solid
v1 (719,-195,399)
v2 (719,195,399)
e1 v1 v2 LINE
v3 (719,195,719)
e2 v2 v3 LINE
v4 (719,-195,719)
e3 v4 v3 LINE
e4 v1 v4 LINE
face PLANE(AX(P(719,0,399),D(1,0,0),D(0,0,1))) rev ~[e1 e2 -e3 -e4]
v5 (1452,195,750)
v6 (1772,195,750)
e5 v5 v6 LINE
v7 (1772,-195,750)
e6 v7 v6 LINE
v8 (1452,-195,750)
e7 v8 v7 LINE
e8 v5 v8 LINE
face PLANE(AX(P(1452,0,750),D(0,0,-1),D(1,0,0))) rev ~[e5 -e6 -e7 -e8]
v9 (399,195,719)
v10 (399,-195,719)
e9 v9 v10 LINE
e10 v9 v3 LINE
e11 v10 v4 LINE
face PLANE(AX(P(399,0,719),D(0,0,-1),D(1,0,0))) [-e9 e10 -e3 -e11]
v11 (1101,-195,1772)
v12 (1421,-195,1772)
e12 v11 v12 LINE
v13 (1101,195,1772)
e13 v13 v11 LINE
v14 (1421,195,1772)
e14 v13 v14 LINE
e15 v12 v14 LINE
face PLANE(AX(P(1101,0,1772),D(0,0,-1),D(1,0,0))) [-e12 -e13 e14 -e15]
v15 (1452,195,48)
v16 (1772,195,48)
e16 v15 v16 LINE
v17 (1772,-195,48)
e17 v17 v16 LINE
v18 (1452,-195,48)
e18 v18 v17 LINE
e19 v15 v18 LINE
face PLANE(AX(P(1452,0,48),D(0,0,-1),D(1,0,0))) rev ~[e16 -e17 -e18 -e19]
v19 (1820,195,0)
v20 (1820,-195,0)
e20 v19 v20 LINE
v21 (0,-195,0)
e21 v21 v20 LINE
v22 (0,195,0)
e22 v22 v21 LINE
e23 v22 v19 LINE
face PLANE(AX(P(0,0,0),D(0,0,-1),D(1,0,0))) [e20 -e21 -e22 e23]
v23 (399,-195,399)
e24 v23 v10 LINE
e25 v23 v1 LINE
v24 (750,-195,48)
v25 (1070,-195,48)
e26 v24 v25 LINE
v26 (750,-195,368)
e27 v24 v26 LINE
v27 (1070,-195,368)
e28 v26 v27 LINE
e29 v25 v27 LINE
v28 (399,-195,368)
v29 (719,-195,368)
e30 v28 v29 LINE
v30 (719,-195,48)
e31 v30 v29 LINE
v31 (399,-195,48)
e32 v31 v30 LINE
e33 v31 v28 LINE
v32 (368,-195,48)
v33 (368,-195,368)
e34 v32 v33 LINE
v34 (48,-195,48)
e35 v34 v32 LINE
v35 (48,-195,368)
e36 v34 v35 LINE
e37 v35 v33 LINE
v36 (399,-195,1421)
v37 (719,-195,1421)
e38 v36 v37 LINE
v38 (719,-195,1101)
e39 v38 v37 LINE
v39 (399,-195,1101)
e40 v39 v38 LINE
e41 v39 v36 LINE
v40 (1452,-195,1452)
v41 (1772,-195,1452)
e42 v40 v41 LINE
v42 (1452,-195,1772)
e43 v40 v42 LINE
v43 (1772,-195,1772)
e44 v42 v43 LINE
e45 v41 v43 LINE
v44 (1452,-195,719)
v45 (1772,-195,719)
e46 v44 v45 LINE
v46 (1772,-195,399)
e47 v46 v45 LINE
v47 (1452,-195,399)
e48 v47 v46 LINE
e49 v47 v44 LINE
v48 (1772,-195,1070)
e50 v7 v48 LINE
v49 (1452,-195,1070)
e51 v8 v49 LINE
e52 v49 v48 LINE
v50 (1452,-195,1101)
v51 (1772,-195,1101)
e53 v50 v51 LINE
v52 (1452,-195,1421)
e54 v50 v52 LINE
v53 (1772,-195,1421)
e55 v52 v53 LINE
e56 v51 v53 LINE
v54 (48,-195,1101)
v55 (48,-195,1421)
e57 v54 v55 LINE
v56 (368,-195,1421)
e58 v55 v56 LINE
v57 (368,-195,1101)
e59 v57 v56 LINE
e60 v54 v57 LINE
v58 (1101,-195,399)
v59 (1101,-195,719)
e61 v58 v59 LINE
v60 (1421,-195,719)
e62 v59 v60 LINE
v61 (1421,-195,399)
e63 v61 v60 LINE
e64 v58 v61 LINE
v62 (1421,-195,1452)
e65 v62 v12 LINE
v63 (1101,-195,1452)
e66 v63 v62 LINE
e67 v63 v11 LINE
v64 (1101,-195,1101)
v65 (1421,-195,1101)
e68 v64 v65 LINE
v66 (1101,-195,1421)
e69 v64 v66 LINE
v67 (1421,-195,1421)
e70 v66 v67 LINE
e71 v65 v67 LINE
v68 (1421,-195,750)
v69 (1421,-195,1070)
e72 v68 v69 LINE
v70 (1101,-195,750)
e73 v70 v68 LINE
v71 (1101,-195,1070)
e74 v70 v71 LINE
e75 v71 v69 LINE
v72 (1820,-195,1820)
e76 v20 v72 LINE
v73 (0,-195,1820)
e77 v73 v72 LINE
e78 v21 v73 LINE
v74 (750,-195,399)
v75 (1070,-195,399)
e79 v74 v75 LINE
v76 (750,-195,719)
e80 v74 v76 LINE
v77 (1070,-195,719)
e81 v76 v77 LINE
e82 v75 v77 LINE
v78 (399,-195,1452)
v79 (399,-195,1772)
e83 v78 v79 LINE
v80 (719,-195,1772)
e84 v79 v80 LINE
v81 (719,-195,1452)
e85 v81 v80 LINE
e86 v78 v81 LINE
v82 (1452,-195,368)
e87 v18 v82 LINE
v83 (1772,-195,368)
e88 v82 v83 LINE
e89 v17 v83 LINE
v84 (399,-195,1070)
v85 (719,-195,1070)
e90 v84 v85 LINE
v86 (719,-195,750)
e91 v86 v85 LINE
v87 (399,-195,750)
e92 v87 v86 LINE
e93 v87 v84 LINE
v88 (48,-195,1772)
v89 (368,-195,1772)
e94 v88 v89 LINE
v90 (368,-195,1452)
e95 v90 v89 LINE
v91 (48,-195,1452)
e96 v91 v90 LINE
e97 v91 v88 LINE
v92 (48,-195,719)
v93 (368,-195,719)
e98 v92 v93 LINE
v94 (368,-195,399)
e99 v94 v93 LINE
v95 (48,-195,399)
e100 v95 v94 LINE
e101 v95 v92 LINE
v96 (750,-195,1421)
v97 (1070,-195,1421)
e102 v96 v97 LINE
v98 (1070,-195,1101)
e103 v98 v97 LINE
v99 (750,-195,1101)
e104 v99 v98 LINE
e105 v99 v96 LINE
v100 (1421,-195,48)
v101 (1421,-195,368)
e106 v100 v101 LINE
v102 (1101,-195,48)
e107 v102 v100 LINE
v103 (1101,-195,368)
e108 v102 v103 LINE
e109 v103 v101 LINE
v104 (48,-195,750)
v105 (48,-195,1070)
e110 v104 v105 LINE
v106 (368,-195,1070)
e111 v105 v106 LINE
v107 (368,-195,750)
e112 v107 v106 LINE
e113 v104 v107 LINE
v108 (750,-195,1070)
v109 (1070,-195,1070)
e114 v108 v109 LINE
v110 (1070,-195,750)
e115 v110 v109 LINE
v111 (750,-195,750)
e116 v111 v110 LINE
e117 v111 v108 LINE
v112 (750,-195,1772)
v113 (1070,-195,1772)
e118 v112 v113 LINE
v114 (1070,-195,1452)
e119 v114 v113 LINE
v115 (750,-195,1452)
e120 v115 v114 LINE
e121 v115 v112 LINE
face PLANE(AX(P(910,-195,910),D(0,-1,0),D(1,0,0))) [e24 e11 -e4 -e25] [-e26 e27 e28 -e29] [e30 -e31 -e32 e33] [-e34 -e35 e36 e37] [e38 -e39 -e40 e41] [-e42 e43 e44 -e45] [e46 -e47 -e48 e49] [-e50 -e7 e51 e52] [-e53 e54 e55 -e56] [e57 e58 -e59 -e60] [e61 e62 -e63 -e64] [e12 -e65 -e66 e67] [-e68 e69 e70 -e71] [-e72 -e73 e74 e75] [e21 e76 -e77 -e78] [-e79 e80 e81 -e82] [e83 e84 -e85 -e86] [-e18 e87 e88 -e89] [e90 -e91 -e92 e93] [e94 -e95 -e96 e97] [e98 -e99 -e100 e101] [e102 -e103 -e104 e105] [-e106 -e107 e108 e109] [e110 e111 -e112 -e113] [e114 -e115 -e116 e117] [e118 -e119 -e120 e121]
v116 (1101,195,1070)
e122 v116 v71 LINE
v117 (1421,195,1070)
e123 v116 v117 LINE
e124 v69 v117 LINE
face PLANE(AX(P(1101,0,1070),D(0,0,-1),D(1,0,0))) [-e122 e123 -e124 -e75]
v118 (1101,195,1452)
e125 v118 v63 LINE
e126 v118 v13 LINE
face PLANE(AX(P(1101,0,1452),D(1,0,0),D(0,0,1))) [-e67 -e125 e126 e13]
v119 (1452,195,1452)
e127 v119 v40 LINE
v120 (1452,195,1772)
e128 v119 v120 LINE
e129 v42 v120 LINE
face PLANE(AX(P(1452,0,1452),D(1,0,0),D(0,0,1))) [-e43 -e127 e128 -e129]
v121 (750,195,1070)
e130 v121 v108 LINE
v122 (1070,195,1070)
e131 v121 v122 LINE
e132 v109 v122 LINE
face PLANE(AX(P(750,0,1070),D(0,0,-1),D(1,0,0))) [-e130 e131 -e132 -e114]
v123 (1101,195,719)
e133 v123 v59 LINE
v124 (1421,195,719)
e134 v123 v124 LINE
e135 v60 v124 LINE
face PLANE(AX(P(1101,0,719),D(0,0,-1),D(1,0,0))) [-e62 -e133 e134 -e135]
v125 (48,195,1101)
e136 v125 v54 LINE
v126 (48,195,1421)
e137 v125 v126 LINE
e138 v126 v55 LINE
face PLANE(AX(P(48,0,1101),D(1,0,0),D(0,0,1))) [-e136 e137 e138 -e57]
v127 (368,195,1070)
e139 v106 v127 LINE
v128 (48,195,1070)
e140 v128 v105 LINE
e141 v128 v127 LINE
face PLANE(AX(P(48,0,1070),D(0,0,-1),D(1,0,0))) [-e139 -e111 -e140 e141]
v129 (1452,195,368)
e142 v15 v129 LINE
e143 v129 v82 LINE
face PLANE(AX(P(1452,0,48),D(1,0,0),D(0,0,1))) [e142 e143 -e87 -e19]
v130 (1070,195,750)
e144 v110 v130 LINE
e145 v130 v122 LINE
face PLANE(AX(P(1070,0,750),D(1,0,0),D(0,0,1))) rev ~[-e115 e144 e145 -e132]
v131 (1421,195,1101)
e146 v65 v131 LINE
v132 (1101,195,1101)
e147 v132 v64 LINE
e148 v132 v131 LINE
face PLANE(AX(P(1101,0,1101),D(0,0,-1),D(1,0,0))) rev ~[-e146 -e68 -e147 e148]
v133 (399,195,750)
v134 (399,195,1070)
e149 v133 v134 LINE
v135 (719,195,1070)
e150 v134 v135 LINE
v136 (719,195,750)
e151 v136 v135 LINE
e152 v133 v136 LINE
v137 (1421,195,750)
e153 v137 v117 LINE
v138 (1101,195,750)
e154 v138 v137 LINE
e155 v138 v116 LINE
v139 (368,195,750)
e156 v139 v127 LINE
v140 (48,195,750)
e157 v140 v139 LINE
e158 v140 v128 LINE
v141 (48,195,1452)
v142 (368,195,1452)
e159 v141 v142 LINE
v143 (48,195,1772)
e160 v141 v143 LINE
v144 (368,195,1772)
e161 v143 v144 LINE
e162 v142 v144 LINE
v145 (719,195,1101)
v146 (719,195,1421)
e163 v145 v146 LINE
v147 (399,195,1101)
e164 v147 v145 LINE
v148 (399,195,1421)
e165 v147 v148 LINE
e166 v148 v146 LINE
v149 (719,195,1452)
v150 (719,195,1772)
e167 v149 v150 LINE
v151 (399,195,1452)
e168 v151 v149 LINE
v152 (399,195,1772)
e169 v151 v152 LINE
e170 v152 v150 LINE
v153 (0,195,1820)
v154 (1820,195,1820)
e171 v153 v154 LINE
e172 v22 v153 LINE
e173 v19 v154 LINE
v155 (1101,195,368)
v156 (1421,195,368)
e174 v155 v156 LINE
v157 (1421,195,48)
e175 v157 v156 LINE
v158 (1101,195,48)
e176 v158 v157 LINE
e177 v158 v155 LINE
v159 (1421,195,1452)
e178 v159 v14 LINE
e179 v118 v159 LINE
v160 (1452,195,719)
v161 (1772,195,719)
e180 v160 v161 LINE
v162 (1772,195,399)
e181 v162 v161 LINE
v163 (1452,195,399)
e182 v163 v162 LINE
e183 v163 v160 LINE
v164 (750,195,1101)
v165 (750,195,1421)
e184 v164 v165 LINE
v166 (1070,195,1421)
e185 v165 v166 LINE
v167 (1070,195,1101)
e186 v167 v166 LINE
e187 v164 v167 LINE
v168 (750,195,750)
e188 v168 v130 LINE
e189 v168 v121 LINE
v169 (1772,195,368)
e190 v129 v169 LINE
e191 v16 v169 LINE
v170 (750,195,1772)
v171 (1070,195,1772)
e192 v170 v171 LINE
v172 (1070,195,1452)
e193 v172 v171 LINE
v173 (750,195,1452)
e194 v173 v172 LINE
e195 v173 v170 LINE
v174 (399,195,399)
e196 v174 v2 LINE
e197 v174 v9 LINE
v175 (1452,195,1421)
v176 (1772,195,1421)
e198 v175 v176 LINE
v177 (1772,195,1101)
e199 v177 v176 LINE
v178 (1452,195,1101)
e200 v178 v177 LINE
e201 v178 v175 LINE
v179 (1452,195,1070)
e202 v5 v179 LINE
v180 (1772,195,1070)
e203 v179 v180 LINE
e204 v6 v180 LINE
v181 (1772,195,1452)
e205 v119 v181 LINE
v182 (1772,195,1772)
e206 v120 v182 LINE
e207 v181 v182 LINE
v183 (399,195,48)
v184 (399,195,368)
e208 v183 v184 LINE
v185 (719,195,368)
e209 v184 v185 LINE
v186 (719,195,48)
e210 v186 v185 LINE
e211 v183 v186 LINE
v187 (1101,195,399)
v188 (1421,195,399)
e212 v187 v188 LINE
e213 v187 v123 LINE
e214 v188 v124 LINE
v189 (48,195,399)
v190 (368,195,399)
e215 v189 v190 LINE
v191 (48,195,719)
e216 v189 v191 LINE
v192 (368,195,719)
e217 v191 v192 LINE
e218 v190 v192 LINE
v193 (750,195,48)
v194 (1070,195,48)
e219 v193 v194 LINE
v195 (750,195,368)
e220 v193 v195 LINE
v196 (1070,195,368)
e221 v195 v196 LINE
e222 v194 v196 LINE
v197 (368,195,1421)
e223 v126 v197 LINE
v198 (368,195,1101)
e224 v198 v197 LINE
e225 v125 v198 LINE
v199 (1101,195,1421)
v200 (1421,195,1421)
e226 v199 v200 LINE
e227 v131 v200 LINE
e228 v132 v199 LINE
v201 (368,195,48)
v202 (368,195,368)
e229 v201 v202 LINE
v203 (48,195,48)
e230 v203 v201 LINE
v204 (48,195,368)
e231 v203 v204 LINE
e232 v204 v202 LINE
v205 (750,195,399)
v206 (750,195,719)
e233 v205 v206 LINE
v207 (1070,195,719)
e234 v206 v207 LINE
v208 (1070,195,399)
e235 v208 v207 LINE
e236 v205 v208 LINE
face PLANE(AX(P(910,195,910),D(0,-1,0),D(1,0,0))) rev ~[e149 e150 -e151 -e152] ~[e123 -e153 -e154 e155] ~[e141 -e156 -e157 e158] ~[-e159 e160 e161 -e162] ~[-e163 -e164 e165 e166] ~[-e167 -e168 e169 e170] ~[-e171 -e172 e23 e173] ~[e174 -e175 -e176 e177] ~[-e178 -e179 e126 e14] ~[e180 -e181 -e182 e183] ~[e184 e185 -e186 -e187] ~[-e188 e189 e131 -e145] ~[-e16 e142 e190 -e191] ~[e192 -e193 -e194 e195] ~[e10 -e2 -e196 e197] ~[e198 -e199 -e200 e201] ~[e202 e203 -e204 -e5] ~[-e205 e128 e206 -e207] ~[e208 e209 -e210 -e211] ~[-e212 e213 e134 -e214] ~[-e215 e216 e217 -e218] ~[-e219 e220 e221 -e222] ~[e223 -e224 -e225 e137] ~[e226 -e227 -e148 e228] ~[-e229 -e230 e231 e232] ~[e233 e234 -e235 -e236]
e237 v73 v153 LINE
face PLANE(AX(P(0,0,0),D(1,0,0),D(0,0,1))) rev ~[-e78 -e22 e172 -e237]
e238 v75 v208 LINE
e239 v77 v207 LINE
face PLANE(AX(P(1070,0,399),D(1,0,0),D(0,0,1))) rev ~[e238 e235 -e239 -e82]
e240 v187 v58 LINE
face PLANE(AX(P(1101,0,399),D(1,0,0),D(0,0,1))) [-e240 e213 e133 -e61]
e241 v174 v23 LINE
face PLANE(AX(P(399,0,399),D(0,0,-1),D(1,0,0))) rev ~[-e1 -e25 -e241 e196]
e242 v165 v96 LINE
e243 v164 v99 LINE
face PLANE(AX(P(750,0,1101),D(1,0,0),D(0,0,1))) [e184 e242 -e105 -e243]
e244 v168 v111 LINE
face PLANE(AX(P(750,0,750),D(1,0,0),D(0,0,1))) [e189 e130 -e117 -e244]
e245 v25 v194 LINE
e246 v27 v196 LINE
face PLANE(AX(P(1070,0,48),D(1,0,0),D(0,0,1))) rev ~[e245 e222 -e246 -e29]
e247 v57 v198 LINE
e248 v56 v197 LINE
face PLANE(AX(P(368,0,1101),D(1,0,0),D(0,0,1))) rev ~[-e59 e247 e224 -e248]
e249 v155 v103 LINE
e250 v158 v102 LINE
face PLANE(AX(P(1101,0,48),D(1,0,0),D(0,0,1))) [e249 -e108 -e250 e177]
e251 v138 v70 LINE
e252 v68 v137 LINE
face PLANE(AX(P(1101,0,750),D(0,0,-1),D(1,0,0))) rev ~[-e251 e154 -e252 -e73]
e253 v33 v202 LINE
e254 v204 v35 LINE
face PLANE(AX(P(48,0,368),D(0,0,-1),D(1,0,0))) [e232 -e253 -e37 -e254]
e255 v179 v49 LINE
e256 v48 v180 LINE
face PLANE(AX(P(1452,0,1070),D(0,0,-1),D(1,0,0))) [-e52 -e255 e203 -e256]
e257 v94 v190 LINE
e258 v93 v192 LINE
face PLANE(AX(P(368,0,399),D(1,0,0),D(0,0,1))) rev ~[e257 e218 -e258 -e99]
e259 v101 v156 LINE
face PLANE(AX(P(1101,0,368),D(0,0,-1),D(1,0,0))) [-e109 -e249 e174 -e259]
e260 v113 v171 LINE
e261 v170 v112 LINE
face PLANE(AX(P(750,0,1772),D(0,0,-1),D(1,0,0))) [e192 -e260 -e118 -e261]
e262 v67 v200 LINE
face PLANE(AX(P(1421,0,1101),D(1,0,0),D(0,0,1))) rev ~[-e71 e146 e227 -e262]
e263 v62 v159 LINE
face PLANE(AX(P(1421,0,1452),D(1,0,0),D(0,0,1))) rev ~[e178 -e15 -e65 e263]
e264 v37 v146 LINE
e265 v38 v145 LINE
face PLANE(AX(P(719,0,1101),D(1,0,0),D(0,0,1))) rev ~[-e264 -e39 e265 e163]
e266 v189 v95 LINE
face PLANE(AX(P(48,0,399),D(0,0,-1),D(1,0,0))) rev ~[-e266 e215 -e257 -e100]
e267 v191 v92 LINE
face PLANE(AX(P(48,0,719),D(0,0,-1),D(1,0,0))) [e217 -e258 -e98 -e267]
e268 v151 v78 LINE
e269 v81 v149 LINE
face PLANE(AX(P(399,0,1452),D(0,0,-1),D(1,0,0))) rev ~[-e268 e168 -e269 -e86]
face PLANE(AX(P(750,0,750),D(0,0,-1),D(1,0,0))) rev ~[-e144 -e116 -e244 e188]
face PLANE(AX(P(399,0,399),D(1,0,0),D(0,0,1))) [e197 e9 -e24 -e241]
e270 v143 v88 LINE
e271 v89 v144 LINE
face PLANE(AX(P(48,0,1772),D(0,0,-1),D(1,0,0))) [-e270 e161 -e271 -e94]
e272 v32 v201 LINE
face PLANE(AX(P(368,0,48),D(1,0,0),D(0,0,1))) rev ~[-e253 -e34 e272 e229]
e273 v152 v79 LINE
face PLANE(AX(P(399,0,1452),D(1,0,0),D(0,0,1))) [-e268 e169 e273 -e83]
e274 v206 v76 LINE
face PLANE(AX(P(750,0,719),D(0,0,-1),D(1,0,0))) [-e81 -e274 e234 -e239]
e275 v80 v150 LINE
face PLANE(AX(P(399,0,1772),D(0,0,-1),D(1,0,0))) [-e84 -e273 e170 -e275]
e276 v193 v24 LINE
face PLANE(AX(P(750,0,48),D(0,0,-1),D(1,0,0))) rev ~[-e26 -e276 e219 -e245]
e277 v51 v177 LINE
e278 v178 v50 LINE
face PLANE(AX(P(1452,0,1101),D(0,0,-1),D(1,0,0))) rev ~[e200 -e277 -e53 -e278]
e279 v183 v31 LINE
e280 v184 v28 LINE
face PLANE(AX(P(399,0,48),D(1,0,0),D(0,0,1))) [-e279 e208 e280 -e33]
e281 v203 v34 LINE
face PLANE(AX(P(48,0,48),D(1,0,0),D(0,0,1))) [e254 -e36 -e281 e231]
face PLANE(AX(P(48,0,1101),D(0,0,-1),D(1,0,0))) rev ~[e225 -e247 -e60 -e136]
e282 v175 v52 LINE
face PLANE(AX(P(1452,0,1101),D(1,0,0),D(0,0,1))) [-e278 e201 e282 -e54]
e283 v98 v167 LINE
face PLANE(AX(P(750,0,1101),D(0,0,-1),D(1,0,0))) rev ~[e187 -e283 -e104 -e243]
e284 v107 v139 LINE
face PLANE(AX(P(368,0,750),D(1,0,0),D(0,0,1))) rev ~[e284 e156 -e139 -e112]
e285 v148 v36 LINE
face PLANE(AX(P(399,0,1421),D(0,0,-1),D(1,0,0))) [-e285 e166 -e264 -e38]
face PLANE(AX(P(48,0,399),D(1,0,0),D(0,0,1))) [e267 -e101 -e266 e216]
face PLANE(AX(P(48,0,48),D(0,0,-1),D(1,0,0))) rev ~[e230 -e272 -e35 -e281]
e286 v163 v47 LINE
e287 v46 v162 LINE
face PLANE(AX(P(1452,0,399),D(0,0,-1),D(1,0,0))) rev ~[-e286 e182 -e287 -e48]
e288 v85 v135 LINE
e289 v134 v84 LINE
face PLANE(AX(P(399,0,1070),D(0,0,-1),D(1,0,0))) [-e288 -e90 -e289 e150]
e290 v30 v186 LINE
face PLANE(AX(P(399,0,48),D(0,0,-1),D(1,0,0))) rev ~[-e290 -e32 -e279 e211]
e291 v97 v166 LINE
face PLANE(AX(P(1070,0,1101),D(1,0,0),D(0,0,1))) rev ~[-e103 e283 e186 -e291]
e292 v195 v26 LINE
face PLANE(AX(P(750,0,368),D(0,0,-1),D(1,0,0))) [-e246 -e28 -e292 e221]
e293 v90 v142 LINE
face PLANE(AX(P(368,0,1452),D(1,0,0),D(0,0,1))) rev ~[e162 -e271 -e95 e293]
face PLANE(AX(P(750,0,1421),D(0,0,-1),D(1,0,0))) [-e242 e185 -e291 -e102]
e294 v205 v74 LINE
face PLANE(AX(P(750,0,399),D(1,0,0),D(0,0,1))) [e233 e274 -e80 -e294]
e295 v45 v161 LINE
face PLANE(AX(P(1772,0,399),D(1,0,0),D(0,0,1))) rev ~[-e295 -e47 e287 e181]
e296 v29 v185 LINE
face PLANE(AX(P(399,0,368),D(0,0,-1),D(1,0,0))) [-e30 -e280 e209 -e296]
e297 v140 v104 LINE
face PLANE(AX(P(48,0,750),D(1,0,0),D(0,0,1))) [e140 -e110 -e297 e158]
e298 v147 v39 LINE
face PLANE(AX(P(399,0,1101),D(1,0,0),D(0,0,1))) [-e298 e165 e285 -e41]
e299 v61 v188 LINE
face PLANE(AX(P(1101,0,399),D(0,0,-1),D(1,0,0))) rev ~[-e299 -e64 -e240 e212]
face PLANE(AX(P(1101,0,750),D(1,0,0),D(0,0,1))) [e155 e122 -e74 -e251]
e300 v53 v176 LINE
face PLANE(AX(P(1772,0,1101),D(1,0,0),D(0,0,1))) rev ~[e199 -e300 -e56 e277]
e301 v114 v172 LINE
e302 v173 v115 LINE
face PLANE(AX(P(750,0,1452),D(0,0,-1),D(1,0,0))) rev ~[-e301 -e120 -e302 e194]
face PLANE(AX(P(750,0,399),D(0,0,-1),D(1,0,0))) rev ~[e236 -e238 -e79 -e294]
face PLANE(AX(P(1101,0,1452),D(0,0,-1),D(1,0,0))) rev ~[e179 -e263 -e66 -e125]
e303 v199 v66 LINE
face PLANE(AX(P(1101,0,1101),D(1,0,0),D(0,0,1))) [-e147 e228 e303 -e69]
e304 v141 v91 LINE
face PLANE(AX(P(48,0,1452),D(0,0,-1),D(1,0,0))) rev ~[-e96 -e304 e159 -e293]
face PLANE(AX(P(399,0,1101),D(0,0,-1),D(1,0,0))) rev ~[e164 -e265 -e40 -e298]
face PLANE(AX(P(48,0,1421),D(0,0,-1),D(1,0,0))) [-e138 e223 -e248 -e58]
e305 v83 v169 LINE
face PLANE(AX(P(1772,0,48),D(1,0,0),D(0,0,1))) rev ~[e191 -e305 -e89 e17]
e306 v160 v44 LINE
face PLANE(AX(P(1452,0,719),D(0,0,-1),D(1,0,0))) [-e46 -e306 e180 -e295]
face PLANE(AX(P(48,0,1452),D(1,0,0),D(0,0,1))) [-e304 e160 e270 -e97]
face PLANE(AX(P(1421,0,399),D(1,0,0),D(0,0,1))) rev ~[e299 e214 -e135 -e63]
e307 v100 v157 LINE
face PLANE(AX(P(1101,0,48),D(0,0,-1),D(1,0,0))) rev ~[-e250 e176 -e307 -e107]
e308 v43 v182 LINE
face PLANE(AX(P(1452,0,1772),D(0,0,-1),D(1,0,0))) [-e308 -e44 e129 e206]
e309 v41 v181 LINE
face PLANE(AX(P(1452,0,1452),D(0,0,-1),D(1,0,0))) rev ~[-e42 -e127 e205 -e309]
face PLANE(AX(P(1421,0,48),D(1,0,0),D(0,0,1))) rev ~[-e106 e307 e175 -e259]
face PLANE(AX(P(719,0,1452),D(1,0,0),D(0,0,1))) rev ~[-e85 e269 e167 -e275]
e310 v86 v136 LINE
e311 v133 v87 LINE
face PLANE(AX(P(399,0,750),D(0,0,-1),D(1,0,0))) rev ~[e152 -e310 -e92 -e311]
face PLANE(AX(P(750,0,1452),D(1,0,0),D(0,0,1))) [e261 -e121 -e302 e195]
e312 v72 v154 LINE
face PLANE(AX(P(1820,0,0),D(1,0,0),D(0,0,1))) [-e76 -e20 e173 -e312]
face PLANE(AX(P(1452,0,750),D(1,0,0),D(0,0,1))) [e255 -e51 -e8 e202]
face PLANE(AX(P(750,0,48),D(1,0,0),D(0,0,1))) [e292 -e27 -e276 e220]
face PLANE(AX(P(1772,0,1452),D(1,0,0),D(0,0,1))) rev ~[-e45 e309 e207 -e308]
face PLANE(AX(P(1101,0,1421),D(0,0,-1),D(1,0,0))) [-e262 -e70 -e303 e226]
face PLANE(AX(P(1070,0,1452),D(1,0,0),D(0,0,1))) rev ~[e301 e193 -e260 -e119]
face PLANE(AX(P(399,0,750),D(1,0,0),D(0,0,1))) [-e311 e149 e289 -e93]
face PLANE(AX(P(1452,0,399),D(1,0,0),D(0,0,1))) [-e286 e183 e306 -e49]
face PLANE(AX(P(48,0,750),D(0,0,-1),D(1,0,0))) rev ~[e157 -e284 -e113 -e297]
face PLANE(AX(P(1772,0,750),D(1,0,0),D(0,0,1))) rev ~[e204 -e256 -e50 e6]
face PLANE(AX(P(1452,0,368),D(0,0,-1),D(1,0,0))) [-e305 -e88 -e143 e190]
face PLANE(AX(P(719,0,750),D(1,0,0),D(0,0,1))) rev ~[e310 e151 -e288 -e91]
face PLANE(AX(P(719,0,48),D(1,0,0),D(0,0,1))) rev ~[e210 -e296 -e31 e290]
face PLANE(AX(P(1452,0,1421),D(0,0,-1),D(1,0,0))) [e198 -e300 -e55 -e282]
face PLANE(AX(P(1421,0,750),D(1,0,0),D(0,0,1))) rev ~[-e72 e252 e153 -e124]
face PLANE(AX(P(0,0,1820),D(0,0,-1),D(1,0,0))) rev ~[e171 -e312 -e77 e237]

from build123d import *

# Parameters (mm, degrees)
F0_W     = 1820
F0_H     = 1820
F0_W_2   = 320
F0_H_2   = 320
F1_DEPTH = 195


with BuildPart() as f1:
    # F0 (on Front) → F1 (new body, symmetric)
    with BuildSketch(Plane.XZ):
        with Locations((910, 910)):
            Rectangle(F0_W, F0_H)
        with Locations((208, 208)):
            Rectangle(F0_W_2, F0_H_2, mode=Mode.SUBTRACT)
        with Locations((559, 208)):
            Rectangle(F0_W_2, F0_H_2, mode=Mode.SUBTRACT)
        with Locations((208, 559)):
            Rectangle(F0_W_2, F0_H_2, mode=Mode.SUBTRACT)
        with Locations((559, 559)):
            Rectangle(F0_W_2, F0_H_2, mode=Mode.SUBTRACT)
        with Locations((910, 208)):
            Rectangle(F0_W_2, F0_H_2, mode=Mode.SUBTRACT)
        with Locations((1261, 208)):
            Rectangle(F0_W_2, F0_H_2, mode=Mode.SUBTRACT)
        with Locations((1612, 208)):
            Rectangle(F0_W_2, F0_H_2, mode=Mode.SUBTRACT)
        with Locations((910, 559)):
            Rectangle(F0_W_2, F0_H_2, mode=Mode.SUBTRACT)
        with Locations((1261, 559)):
            Rectangle(F0_W_2, F0_H_2, mode=Mode.SUBTRACT)
        with Locations((1612, 559)):
            Rectangle(F0_W_2, F0_H_2, mode=Mode.SUBTRACT)
        with Locations((208, 910)):
            Rectangle(F0_W_2, F0_H_2, mode=Mode.SUBTRACT)
        with Locations((208, 1261)):
            Rectangle(F0_W_2, F0_H_2, mode=Mode.SUBTRACT)
        with Locations((559, 910)):
            Rectangle(F0_W_2, F0_H_2, mode=Mode.SUBTRACT)
        with Locations((559, 1261)):
            Rectangle(F0_W_2, F0_H_2, mode=Mode.SUBTRACT)
        with Locations((208, 1612)):
            Rectangle(F0_W_2, F0_H_2, mode=Mode.SUBTRACT)
        with Locations((559, 1612)):
            Rectangle(F0_W_2, F0_H_2, mode=Mode.SUBTRACT)
        with Locations((910, 910)):
            Rectangle(F0_W_2, F0_H_2, mode=Mode.SUBTRACT)
        with Locations((1261, 910)):
            Rectangle(F0_W_2, F0_H_2, mode=Mode.SUBTRACT)
        with Locations((910, 1261)):
            Rectangle(F0_W_2, F0_H_2, mode=Mode.SUBTRACT)
        with Locations((1261, 1261)):
            Rectangle(F0_W_2, F0_H_2, mode=Mode.SUBTRACT)
        with Locations((1612, 910)):
            Rectangle(F0_W_2, F0_H_2, mode=Mode.SUBTRACT)
        with Locations((1612, 1261)):
            Rectangle(F0_W_2, F0_H_2, mode=Mode.SUBTRACT)
        with Locations((910, 1612)):
            Rectangle(F0_W_2, F0_H_2, mode=Mode.SUBTRACT)
        with Locations((1261, 1612)):
            Rectangle(F0_W_2, F0_H_2, mode=Mode.SUBTRACT)
        with Locations((1612, 1612)):
            Rectangle(F0_W_2, F0_H_2, mode=Mode.SUBTRACT)
    extrude(amount=F1_DEPTH, both=True)


solid = f1.part
